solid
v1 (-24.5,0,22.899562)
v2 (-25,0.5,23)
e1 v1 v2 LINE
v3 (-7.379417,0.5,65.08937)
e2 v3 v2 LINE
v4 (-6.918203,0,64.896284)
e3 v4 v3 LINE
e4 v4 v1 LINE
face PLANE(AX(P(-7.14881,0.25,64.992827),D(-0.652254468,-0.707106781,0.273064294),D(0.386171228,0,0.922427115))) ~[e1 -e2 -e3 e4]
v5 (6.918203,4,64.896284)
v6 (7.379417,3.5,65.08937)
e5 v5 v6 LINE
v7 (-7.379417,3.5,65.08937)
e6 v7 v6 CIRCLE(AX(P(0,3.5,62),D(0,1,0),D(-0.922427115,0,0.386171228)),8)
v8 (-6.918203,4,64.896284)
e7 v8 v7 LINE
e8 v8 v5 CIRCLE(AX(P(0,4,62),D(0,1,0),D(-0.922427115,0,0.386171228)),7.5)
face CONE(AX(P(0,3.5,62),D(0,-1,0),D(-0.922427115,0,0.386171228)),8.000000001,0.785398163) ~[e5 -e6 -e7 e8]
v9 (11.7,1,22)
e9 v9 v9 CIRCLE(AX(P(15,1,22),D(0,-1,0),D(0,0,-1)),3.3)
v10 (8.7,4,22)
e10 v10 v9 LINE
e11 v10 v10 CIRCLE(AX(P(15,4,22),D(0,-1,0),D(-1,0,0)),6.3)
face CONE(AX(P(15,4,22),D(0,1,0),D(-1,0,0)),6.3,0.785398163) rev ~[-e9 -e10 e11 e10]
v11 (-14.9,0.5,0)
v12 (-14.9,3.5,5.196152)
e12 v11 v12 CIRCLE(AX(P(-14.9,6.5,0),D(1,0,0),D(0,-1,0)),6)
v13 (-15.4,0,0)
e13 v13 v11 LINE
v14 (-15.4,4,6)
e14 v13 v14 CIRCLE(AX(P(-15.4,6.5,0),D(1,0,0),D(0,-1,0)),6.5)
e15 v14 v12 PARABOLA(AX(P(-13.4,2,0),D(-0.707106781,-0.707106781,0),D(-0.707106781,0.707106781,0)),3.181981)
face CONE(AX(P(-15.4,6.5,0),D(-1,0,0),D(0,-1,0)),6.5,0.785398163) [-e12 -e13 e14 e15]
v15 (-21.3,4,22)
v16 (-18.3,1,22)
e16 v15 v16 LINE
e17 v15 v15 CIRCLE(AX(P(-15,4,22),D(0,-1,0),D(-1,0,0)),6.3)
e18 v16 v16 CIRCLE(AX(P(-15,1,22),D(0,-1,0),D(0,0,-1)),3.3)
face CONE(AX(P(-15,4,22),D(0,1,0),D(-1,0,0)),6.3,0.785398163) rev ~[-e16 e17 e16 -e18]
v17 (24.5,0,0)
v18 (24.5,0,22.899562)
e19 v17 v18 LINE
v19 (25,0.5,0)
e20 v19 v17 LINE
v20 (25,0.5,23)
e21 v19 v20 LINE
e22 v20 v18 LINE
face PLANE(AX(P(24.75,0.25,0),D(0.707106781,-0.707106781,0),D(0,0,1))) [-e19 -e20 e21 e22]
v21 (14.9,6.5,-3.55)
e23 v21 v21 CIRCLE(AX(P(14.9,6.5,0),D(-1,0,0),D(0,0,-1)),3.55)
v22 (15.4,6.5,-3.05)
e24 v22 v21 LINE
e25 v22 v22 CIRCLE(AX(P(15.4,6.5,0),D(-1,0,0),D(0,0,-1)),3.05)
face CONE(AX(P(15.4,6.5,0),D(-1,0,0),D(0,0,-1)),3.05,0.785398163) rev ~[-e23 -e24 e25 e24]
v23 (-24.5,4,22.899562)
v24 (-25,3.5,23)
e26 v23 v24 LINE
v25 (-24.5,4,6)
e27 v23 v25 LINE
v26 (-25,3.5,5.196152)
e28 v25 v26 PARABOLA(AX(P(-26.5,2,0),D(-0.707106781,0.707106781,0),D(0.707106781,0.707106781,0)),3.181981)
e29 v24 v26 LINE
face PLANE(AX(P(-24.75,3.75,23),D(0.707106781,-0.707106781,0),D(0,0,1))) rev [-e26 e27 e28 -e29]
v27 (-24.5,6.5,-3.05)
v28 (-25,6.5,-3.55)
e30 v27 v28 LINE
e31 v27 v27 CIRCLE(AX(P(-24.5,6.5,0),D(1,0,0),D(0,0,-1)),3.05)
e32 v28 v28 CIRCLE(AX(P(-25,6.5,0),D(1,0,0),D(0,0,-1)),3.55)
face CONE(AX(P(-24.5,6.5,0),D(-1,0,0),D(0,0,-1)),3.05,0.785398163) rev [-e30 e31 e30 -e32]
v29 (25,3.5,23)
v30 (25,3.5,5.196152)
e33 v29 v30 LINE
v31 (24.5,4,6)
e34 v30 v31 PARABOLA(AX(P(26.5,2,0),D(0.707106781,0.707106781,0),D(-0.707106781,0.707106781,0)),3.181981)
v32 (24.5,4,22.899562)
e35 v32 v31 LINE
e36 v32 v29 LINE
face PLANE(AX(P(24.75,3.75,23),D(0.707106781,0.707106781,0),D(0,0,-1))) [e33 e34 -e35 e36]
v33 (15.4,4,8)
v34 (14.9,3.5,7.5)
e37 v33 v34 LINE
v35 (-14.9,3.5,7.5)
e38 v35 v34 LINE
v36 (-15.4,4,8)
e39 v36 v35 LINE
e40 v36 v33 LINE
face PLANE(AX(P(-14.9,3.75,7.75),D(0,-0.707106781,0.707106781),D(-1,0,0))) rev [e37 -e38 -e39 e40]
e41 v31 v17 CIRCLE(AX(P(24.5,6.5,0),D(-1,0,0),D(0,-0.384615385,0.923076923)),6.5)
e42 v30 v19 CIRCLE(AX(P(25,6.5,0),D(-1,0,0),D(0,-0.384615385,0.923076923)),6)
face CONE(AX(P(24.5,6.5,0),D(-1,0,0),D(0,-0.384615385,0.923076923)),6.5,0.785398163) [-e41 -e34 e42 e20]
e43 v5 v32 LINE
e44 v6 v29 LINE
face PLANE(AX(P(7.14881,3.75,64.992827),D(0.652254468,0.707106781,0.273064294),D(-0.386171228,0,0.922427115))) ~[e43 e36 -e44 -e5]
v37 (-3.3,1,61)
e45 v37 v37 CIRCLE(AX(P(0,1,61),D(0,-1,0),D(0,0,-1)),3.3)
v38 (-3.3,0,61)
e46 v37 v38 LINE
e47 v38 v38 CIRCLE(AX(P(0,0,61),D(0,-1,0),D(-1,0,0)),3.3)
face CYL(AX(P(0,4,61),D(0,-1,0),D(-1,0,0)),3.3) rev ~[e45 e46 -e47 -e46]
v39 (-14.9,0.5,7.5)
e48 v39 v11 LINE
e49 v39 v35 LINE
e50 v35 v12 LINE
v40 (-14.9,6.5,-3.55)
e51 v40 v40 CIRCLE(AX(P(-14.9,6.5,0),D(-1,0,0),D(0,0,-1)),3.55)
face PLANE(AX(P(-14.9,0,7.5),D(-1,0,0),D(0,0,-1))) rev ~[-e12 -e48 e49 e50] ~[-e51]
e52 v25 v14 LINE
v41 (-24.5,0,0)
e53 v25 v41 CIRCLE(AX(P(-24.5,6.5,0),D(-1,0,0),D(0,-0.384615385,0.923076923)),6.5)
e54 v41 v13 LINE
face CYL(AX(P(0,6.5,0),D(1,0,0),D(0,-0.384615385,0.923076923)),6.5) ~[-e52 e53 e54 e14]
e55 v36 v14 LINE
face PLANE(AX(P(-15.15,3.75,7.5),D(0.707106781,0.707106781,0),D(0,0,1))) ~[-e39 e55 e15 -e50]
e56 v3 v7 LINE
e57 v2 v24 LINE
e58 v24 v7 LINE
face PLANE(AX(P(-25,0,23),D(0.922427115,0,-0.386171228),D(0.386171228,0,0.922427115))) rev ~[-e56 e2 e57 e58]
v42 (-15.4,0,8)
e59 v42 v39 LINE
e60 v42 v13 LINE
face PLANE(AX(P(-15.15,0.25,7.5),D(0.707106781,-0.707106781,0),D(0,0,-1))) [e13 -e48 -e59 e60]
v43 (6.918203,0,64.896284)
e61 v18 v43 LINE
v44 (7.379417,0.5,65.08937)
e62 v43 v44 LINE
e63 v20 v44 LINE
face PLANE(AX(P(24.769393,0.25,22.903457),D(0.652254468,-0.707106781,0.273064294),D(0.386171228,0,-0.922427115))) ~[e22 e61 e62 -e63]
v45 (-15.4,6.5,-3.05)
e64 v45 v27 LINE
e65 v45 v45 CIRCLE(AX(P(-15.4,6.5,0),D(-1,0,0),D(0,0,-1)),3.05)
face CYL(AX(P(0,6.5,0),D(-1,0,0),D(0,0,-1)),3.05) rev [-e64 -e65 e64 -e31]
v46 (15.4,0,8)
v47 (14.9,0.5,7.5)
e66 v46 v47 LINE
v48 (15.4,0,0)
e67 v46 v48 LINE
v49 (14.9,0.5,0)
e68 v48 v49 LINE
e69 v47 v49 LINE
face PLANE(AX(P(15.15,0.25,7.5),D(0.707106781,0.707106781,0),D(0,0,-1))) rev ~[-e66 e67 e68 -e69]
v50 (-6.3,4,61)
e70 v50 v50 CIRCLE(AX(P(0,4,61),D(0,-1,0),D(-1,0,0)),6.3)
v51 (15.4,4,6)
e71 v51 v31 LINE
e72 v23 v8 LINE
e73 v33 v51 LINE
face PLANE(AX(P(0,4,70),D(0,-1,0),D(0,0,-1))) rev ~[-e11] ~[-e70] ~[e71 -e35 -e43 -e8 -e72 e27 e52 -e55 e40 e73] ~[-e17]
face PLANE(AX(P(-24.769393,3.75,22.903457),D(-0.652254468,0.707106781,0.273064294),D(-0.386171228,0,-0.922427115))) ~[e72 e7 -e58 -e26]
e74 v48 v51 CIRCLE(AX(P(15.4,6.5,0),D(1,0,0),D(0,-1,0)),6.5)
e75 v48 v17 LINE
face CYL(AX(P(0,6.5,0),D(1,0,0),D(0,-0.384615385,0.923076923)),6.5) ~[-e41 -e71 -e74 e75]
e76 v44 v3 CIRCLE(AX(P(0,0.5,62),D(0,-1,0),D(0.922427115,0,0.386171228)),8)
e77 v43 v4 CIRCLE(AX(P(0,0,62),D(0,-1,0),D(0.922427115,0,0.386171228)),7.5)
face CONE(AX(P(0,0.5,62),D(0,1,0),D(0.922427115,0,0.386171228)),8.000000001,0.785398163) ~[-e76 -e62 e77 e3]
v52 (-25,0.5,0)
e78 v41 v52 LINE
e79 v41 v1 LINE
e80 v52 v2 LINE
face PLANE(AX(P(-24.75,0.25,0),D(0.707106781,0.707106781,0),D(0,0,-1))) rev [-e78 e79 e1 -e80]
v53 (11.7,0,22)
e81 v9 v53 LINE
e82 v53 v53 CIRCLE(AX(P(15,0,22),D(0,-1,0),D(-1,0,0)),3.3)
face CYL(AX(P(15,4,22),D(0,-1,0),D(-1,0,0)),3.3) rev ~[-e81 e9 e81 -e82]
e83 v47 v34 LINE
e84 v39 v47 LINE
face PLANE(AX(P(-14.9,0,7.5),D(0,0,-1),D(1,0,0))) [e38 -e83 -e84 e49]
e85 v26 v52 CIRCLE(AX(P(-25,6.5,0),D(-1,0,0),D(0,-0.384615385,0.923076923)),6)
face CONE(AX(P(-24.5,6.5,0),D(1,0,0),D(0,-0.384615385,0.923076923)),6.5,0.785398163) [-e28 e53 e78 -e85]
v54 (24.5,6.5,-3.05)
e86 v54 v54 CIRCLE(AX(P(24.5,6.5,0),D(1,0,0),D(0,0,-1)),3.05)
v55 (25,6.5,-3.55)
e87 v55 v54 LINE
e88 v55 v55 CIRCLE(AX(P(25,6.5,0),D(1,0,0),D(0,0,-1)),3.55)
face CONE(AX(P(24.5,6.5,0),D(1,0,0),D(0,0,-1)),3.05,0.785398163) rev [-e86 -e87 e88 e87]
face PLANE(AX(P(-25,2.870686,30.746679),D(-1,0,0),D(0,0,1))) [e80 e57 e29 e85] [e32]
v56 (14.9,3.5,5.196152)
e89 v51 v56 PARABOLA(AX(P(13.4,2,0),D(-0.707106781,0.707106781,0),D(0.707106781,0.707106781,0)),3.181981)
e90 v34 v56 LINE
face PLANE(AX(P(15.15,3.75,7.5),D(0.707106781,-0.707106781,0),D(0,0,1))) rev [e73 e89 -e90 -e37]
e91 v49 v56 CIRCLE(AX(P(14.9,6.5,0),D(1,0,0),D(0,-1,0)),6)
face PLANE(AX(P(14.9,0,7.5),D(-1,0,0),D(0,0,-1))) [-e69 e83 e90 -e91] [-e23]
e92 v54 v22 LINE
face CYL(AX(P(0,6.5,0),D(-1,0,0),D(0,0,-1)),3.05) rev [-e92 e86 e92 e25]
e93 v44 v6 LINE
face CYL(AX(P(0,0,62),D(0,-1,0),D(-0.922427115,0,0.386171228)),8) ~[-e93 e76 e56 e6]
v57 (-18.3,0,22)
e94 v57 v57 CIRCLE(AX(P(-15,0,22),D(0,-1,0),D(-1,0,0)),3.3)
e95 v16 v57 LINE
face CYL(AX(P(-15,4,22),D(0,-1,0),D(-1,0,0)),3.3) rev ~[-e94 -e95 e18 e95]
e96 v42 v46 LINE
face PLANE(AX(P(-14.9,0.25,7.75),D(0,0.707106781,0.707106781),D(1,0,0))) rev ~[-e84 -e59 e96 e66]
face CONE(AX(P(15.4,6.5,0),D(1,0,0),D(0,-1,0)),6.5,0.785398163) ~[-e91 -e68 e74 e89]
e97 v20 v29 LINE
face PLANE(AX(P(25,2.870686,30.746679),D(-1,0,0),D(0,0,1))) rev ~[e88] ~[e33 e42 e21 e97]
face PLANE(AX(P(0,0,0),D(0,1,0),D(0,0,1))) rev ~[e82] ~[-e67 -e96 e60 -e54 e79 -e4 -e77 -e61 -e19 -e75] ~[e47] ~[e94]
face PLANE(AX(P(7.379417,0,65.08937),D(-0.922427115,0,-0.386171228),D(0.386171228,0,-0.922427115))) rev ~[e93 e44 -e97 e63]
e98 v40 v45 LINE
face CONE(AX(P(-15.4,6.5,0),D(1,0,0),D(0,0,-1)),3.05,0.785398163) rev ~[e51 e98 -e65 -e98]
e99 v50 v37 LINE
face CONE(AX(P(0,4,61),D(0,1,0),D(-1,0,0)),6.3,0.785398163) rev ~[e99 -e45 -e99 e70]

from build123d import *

# Parameters (mm, degrees)
SKETCH1_R                                       = 3.05
BOSS_EXTRUDE1_DEPTH                             = 25
SKETCH2_W                                       = 29.8
SKETCH2_H                                       = 20
CUT_EXTRUDE1_DEPTH                              = 76.45859792
CSK_FOR_M6_FLAT_HEAD_MACHINE_SCREW1_D           = 6.6
CSK_FOR_M6_FLAT_HEAD_MACHINE_SCREW1_DEPTH       = 38.017159957
CSK_FOR_M6_FLAT_HEAD_MACHINE_SCREW1_CSINK_D     = 12.6
CSK_FOR_M6_FLAT_HEAD_MACHINE_SCREW1_CSINK_ANGLE = 90
CSK_FOR_M6_FLAT_HEAD_MACHINE_SCREW1_TIP         = 1.982840043
CHAMFER1_SIZE                                   = 0.5
CHAMFER2_SIZE                                   = 0.5


with BuildPart() as part:
    # Sketch1 → Boss-Extrude1 (new, symmetric)
    with BuildSketch(Plane(origin=(0, 0, 0), x_dir=(0, 0, -1), z_dir=(1, 0, 0))):
        with BuildLine():
            Line((0, 0), (-70, 0))
            Line((-70, 0), (-70, 4))
            Line((-70, 4), (-6, 4))
            ThreePointArc((-6, 4), (3.605551275, 11.908326913), (0, 0))
        make_face()
        with Locations((0, 6.5)):
            Circle(SKETCH1_R, mode=Mode.SUBTRACT)
    extrude(amount=BOSS_EXTRUDE1_DEPTH, both=True)

    # Sketch2 → Cut-Extrude1 (cut, through all)
    with BuildSketch(Plane(origin=(0, 0, 0), x_dir=(1, 0, 0), z_dir=(0, 1, 0))):
        with Locations((0, 2.5)):
            Rectangle(SKETCH2_W, SKETCH2_H)
        with BuildLine():
            Line((-25, -23), (-7.379416922, -65.089369822))
            ThreePointArc((-7.379416922, -65.089369822), (0, -70), (7.379416922, -65.089369822))
            Line((7.379416922, -65.089369822), (25, -23))
            Line((25, -23), (25, -80))
            Line((25, -80), (-25, -80))
            Line((-25, -80), (-25, -23))
        make_face()
    extrude(amount=CUT_EXTRUDE1_DEPTH, mode=Mode.SUBTRACT)

    # CSK for M6 Flat Head Machine Screw1
    with Locations(Plane(origin=(0, 4, 0), x_dir=(1, 0, 0), z_dir=(0, 1, 0))):
        with Locations((15, -22), (-15, -22), (0, -61)):
            CounterSinkHole(CSK_FOR_M6_FLAT_HEAD_MACHINE_SCREW1_D / 2, CSK_FOR_M6_FLAT_HEAD_MACHINE_SCREW1_CSINK_D / 2, depth=CSK_FOR_M6_FLAT_HEAD_MACHINE_SCREW1_DEPTH, counter_sink_angle=CSK_FOR_M6_FLAT_HEAD_MACHINE_SCREW1_CSINK_ANGLE)
            with Locations((0, 0, -(CSK_FOR_M6_FLAT_HEAD_MACHINE_SCREW1_DEPTH + CSK_FOR_M6_FLAT_HEAD_MACHINE_SCREW1_TIP / 2))):  # 118° drill point
                Cone(0, CSK_FOR_M6_FLAT_HEAD_MACHINE_SCREW1_D / 2, CSK_FOR_M6_FLAT_HEAD_MACHINE_SCREW1_TIP, mode=Mode.SUBTRACT)

    # Chamfer1
    chamfer1_edges = [part.edges().sort_by_distance(p)[0] for p in [
        (-25, 6.5, 3.05),
        (25, 6.5, 3.05),
        (-14.9, 6.5, 3.05),
        (14.9, 6.5, 3.05),
    ]]
    chamfer(chamfer1_edges, length=CHAMFER1_SIZE)

    # Chamfer2
    chamfer2_edges = [part.edges().sort_by_distance(p)[0] for p in [
        (-25, 0, 11.5),
        (25, 0, 11.5),
        (0, 0, 70),
        (0, 0, 7.5),
        (-14.9, 0, 3.75),
        (-14.9, 11.908326913, -3.605551275),
        (14.9, 0, 3.75),
        (14.9, 11.908326913, -3.605551275),
        (-14.9, 4, 6.75),
        (0, 4, 7.5),
        (14.9, 4, 6.75),
        (16.189708461, 0, 44.044684911),
        (-16.189708461, 0, 44.044684911),
        (16.189708461, 4, 44.044684911),
        (25, 11.908326913, -3.605551275),
        (0, 4, 70),
        (-16.189708461, 4, 44.044684911),
        (-25, 4, 14.5),
        (-25, 11.908326913, -3.605551275),
        (25, 4, 14.5),
    ]]
    chamfer(chamfer2_edges, length=CHAMFER2_SIZE)


solid = part.part
